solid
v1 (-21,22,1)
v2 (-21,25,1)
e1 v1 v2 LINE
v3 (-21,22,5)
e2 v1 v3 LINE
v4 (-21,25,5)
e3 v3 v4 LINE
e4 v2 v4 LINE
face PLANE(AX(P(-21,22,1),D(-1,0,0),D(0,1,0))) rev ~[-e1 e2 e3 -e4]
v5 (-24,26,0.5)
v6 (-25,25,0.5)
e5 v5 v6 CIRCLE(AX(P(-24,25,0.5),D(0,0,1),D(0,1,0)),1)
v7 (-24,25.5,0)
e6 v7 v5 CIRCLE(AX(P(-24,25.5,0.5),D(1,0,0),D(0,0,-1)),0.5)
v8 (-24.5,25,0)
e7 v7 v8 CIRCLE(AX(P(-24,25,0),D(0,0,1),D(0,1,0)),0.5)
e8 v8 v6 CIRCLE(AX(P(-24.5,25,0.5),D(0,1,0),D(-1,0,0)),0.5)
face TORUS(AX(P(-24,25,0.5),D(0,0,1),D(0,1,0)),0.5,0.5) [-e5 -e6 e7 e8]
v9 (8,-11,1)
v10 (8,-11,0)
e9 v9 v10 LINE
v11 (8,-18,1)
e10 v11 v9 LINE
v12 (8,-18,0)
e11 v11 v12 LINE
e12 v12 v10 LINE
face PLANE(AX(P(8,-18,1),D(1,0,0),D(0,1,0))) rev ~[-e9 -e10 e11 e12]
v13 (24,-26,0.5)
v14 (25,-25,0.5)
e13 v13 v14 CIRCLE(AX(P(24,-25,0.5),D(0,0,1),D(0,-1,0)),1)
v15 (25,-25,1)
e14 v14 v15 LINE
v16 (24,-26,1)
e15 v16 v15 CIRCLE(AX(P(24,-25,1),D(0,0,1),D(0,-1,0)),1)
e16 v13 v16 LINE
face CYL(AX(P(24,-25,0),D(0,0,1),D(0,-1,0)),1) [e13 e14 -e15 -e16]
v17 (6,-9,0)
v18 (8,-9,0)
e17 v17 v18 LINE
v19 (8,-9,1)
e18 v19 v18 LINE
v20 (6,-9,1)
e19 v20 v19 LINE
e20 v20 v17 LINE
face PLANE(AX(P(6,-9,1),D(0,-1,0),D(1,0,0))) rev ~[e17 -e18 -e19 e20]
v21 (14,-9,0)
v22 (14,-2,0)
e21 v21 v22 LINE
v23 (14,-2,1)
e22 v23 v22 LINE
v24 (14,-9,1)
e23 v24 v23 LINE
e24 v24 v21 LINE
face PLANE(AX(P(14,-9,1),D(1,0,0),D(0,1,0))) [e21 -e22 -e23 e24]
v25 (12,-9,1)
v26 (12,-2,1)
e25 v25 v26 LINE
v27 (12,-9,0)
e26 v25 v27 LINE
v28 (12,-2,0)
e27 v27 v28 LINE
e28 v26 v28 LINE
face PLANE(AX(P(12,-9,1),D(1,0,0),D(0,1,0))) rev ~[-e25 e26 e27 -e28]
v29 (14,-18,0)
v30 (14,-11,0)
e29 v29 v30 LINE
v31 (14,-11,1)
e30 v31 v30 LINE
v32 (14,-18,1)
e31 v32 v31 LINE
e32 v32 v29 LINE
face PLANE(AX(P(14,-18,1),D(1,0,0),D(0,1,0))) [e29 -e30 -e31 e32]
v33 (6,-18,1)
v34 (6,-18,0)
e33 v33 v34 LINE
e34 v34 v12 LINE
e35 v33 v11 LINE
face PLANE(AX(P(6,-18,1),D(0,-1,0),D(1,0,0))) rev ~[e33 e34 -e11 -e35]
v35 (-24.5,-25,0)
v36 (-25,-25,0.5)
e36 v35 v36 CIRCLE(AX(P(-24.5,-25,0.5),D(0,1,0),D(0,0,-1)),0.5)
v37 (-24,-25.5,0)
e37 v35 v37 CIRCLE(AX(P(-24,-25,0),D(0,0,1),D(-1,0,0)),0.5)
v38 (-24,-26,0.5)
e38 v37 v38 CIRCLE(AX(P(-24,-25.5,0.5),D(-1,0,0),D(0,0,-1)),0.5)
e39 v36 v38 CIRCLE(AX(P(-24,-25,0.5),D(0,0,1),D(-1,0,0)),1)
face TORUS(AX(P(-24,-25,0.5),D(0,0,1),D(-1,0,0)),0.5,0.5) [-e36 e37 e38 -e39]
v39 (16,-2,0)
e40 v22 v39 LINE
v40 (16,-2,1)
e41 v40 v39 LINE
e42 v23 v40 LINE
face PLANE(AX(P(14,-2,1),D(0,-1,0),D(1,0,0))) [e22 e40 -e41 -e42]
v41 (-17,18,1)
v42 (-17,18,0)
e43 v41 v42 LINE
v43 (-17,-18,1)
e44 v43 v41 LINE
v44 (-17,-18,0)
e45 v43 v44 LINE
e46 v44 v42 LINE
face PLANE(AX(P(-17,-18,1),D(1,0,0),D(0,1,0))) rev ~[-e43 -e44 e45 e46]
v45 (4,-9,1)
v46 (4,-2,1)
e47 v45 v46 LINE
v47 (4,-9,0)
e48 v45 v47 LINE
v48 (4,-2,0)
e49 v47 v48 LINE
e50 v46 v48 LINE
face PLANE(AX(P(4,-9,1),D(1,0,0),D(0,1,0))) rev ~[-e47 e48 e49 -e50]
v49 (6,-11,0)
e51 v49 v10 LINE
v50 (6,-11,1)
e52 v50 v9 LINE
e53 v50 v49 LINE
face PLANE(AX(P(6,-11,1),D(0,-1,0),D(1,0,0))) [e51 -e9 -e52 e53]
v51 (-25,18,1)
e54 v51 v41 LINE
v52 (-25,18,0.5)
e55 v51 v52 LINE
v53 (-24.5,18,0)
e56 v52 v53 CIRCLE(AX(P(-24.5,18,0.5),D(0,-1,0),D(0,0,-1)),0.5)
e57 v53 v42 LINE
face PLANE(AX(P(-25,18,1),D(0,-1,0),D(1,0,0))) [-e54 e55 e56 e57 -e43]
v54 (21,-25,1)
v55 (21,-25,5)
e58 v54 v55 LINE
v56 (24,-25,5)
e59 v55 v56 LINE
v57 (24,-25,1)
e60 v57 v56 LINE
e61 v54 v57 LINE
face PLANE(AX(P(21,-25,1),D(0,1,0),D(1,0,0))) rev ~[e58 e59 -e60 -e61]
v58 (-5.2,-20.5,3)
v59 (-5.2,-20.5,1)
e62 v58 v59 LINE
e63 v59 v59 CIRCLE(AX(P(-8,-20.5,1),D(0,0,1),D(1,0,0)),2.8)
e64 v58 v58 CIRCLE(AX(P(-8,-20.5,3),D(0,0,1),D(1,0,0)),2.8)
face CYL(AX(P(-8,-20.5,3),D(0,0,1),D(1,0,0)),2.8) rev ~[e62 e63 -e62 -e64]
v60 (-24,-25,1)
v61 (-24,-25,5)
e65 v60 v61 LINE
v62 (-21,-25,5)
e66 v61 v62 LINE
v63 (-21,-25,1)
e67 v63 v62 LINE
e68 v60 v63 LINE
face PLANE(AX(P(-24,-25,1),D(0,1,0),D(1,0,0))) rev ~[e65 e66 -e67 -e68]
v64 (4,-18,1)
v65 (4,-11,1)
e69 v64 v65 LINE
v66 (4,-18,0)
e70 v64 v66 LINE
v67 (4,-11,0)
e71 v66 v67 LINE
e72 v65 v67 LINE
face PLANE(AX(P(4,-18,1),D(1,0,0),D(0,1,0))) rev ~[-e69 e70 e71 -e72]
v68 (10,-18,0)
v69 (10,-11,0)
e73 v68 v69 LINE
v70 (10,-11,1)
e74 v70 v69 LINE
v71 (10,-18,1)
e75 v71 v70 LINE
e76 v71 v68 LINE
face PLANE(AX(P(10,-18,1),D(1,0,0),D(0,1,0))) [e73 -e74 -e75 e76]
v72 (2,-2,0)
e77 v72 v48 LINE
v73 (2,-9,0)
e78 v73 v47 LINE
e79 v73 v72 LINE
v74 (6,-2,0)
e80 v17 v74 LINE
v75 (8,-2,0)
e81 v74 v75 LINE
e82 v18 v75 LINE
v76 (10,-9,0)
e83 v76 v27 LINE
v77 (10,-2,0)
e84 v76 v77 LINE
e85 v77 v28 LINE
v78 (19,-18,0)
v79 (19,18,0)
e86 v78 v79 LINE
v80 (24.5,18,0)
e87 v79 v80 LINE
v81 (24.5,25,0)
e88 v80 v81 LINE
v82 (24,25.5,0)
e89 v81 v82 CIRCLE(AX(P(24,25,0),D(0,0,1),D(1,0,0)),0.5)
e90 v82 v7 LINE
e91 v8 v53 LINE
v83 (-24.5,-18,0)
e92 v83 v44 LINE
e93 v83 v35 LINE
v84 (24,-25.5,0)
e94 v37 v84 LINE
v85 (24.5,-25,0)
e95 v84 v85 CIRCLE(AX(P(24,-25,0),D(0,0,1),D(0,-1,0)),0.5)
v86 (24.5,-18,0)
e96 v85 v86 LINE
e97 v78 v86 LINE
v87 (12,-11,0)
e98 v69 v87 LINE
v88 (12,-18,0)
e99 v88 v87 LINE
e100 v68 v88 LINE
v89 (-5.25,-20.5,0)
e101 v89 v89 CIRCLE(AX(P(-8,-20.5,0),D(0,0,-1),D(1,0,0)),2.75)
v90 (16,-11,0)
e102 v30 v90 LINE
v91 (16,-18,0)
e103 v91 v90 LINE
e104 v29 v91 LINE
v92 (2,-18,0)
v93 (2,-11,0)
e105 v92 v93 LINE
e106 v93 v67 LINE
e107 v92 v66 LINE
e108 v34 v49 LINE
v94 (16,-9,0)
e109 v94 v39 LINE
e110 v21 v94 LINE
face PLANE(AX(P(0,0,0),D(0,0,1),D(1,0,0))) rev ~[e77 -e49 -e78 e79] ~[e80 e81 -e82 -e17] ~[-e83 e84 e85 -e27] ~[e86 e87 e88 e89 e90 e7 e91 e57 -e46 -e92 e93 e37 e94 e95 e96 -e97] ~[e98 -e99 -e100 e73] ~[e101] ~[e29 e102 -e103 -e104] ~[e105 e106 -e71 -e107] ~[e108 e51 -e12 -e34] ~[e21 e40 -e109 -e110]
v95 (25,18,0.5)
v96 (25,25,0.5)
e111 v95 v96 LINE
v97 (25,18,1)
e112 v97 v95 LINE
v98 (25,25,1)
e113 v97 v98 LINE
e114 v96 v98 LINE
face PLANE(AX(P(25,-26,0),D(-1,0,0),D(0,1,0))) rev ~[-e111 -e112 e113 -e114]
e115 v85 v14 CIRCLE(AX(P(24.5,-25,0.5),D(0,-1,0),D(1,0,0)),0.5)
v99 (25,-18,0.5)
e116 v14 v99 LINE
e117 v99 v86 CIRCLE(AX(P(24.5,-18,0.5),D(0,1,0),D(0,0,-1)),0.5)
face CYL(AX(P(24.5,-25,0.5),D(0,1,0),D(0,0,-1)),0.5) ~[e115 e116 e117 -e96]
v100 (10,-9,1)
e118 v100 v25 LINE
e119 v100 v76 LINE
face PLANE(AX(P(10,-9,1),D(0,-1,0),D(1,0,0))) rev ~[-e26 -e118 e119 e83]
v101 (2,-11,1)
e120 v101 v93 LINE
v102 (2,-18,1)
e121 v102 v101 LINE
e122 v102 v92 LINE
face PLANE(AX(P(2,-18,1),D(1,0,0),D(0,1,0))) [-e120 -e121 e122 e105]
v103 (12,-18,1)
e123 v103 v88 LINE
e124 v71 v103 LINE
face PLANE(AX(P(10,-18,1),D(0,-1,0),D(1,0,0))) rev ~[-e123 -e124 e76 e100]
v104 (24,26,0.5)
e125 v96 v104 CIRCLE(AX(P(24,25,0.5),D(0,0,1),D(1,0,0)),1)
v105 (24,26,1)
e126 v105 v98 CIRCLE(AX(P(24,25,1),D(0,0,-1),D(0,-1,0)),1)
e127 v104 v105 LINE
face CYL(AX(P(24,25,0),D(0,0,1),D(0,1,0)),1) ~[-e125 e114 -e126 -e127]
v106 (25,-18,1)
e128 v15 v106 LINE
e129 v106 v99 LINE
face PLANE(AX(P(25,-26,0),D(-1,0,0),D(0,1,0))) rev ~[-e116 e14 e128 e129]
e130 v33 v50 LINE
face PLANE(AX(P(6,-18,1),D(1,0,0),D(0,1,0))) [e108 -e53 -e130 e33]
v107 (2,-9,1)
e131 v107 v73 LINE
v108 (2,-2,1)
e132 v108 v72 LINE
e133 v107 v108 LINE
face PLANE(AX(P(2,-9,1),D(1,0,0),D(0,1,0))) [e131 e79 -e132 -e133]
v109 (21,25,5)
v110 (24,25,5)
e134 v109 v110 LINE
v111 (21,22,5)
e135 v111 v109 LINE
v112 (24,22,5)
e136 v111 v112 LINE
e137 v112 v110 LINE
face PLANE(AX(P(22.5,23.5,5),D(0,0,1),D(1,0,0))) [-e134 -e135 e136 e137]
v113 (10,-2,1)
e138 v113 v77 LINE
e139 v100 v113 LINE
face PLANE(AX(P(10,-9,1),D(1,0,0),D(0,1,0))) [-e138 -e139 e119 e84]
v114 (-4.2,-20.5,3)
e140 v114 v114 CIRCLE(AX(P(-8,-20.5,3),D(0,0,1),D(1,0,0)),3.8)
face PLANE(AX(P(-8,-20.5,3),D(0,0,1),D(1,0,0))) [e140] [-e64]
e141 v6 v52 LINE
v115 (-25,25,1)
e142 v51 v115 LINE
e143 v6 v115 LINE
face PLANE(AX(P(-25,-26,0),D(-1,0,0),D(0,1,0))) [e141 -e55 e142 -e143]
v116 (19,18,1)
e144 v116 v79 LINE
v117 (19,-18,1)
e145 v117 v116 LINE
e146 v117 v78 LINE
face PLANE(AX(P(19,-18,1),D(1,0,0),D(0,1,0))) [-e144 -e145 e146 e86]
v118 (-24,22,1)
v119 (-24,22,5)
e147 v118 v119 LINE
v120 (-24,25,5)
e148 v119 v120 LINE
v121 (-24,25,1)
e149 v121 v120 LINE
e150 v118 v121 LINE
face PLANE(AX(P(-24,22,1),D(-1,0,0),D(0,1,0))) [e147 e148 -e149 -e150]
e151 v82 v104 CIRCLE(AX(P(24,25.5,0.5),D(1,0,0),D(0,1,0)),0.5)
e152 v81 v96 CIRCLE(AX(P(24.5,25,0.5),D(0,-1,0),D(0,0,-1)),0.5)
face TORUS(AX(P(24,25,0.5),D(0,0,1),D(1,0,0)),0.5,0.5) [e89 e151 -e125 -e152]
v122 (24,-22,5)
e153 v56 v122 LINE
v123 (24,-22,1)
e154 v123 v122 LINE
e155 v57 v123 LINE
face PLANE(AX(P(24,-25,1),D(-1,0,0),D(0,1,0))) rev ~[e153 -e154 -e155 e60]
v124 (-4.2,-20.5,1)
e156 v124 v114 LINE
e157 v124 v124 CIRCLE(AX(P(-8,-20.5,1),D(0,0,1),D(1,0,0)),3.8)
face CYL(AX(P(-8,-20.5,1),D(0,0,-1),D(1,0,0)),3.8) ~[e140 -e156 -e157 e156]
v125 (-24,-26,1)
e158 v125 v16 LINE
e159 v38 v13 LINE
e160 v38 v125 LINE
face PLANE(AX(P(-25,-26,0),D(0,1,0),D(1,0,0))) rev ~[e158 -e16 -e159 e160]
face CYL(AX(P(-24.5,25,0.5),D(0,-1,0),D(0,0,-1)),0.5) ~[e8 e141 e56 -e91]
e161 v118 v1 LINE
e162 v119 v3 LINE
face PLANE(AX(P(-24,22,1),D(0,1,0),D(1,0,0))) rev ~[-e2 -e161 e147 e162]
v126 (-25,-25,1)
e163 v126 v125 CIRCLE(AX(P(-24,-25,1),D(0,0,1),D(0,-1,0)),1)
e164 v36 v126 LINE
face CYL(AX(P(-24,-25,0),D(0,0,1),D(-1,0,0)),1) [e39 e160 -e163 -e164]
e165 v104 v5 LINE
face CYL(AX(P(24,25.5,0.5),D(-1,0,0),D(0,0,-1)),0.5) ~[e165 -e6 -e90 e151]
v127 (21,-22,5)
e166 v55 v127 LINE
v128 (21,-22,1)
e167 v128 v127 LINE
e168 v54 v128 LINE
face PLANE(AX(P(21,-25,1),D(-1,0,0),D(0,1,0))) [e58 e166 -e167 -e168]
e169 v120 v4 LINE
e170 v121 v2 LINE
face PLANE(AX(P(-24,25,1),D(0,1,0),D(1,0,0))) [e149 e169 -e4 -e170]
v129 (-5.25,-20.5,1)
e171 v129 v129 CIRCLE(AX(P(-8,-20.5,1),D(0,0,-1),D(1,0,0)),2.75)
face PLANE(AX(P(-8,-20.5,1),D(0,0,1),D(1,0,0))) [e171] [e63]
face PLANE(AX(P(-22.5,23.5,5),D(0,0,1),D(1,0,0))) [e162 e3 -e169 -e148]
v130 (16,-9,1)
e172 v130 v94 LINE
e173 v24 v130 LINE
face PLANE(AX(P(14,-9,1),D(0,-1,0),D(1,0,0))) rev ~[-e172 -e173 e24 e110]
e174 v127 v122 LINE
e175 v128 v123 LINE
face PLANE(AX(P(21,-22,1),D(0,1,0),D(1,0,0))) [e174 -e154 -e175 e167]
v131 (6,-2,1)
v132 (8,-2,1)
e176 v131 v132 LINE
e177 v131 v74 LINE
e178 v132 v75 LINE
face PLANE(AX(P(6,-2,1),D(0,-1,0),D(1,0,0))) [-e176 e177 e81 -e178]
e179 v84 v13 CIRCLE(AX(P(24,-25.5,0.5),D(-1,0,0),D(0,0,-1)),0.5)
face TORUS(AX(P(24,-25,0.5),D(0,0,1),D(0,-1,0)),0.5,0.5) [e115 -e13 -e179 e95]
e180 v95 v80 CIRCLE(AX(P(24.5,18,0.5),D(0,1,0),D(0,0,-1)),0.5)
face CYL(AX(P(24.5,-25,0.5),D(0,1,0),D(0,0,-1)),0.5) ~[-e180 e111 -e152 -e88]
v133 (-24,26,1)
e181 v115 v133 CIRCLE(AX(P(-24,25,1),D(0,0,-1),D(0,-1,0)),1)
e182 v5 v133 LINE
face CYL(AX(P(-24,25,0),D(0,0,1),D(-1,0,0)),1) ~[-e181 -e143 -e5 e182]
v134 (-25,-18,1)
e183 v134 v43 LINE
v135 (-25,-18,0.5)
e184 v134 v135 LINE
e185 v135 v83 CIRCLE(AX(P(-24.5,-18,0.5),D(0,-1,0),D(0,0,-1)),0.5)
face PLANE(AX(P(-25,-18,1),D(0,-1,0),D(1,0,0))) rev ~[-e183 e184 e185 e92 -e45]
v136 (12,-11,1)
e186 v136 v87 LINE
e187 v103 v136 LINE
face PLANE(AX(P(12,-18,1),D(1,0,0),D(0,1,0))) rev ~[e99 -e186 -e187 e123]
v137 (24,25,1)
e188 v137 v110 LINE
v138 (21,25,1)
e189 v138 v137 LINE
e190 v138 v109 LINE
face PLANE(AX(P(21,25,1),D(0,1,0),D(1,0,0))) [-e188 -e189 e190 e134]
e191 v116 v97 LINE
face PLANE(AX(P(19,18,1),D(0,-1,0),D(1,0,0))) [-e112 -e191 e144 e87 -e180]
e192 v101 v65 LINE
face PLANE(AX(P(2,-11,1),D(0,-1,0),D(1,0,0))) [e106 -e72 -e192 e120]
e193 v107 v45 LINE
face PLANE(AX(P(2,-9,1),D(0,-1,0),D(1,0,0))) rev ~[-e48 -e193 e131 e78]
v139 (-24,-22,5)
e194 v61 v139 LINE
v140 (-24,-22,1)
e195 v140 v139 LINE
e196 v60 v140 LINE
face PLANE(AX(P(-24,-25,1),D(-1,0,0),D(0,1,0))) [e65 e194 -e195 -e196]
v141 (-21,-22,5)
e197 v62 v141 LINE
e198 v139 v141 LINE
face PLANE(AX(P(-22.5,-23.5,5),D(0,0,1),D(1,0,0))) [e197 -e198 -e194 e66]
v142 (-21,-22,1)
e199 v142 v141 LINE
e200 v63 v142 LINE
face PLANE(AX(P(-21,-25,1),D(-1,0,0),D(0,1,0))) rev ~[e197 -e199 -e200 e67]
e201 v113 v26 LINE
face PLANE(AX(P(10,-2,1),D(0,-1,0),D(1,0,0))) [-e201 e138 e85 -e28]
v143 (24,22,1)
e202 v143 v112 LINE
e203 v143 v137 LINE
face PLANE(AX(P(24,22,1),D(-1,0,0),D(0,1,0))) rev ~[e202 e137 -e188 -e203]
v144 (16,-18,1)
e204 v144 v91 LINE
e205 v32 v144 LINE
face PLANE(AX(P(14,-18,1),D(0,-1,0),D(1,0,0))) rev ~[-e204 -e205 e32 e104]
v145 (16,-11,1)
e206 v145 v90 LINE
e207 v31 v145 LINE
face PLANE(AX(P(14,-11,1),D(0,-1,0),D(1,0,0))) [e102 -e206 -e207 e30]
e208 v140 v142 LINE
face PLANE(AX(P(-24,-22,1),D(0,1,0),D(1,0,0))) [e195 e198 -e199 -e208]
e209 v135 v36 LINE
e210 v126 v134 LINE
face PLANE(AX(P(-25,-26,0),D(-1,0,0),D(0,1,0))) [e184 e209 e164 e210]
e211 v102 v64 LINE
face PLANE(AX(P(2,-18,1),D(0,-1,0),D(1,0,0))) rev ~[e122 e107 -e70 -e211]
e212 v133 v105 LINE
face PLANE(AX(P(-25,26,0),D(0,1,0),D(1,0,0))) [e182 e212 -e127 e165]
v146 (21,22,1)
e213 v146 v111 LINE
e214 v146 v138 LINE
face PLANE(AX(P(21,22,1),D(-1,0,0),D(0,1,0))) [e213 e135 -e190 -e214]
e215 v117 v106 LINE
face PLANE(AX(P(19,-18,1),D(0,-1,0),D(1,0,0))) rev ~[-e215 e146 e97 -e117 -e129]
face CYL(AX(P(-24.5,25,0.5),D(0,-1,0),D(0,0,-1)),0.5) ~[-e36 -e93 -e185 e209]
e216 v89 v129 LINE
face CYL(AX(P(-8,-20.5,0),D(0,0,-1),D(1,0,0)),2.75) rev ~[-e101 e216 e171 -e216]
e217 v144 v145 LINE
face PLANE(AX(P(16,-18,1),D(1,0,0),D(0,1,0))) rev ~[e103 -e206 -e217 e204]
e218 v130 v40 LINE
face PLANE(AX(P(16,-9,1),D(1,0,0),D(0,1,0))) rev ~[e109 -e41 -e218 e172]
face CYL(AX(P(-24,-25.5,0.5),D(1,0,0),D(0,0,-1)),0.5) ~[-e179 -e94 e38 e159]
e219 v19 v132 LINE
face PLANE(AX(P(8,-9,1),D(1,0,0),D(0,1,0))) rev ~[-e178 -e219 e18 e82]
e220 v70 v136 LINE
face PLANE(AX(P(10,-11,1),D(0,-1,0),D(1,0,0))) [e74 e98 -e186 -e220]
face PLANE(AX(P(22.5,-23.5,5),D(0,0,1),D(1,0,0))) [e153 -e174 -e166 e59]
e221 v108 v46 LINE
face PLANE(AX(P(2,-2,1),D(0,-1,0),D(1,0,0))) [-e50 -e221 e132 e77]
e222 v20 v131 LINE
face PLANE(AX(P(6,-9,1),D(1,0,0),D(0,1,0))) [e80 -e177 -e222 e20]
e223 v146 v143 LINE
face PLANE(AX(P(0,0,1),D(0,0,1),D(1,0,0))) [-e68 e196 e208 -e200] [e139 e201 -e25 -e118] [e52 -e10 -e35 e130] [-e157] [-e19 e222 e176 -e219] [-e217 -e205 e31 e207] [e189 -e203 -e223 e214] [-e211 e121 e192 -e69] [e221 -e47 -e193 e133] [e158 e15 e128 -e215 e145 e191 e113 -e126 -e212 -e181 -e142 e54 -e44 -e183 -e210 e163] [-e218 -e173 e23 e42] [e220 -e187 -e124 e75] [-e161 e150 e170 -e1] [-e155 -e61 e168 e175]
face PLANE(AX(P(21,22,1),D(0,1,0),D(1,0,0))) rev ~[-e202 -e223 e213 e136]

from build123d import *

# Parameters (mm, degrees)
SKETCH_W        = 50
SKETCH_H        = 52
PAD_DEPTH       = 1
SKETCH001_W     = 3
SKETCH001_H     = 3
PAD001_DEPTH    = 4
FILLET_R        = 1
FILLET001_R     = 1
FILLET002_R     = 1
FILLET003_R     = 1
SKETCH002_R     = 2.75
POCKET_DEPTH    = 1
SKETCH003_W     = 2
SKETCH003_H     = 7
POCKET001_DEPTH = 1
FILLET004_R     = 0.5
SKETCH004_R     = 3.8
PAD002_DEPTH    = 2
SKETCH005_R     = 2.8
POCKET002_DEPTH = 2
SKETCH006_W     = 8
SKETCH006_H     = 36
POCKET003_DEPTH = 1
SKETCH007_W     = 6
SKETCH007_H     = 36
POCKET004_DEPTH = 1


with BuildPart() as part:
    # Sketch → Pad (new body)
    with BuildSketch(Plane.XY):
        Rectangle(SKETCH_W, SKETCH_H)
    extrude(amount=PAD_DEPTH)

    # Sketch001 (on Face6 of Pad) → Pad001 (join)
    with BuildSketch(Plane.XY.offset(1)):
        with Locations((-22.5, 23.5)):
            Rectangle(SKETCH001_W, SKETCH001_H)
        with Locations((22.5, 23.5)):
            Rectangle(SKETCH001_W, SKETCH001_H)
        with Locations((-22.5, -23.5)):
            Rectangle(SKETCH001_W, SKETCH001_H)
        with Locations((22.5, -23.5)):
            Rectangle(SKETCH001_W, SKETCH001_H)
    extrude(amount=PAD001_DEPTH)

    # Fillet
    fillet_edges = [part.edges().sort_by_distance(p)[0] for p in [
        (-25, -26, 0.5),
    ]]
    fillet(fillet_edges, radius=FILLET_R)

    # Fillet001
    fillet001_edges = [part.edges().sort_by_distance(p)[0] for p in [
        (25, -26, 0.5),
    ]]
    fillet(fillet001_edges, radius=FILLET001_R)

    # Fillet002
    fillet002_edges = [part.edges().sort_by_distance(p)[0] for p in [
        (-25, 26, 0.5),
    ]]
    fillet(fillet002_edges, radius=FILLET002_R)

    # Fillet003
    fillet003_edges = [part.edges().sort_by_distance(p)[0] for p in [
        (25, 26, 0.5),
    ]]
    fillet(fillet003_edges, radius=FILLET003_R)

    # Sketch002 (on Face1 of Fillet003) → Pocket (cut)
    with BuildSketch(Plane(origin=(0, 0, 0), x_dir=(1, 0, 0), z_dir=(0, 0, -1))):
        with Locations((-8, 20.5)):
            Circle(SKETCH002_R)
    extrude(amount=-POCKET_DEPTH, mode=Mode.SUBTRACT)

    # Sketch003 (on Face11 of Pocket) → Pocket001 (cut)
    with BuildSketch(Plane.XY.offset(1)):
        with Locations((15, -14.5)):
            Rectangle(SKETCH003_W, SKETCH003_H)
        with Locations((15, -5.5)):
            Rectangle(SKETCH003_W, SKETCH003_H)
        with Locations((11, -5.5)):
            Rectangle(SKETCH003_W, SKETCH003_H)
        with Locations((11, -14.5)):
            Rectangle(SKETCH003_W, SKETCH003_H)
        with Locations((7, -5.5)):
            Rectangle(SKETCH003_W, SKETCH003_H)
        with Locations((7, -14.5)):
            Rectangle(SKETCH003_W, SKETCH003_H)
        with Locations((3, -5.5)):
            Rectangle(SKETCH003_W, SKETCH003_H)
        with Locations((3, -14.5)):
            Rectangle(SKETCH003_W, SKETCH003_H)
    extrude(amount=-POCKET001_DEPTH, mode=Mode.SUBTRACT)

    # Fillet004
    fillet004_edges = [part.edges().sort_by_distance(p)[0] for p in [
        (0, -26, 0),
        (25, 0, 0),
        (-25, 0, 0),
        (0, 26, 0),
    ]]
    fillet(fillet004_edges, radius=FILLET004_R)

    # Sketch004 (on Face51 of Fillet004) → Pad002 (join)
    with BuildSketch(Plane.XY.offset(1)):
        with Locations((-8, -20.5)):
            Circle(SKETCH004_R)
    extrude(amount=PAD002_DEPTH)

    # Sketch005 (on Face71 of Pad002) → Pocket002 (cut)
    with BuildSketch(Plane.XY.offset(3)):
        with Locations((-8, -20.5)):
            Circle(SKETCH005_R)
    extrude(amount=-POCKET002_DEPTH, mode=Mode.SUBTRACT)

    # Sketch006 (on Face51 of Pocket002) → Pocket003 (cut)
    with BuildSketch(Plane.XY.offset(1)):
        with Locations((-21, 0)):
            Rectangle(SKETCH006_W, SKETCH006_H)
    extrude(amount=-POCKET003_DEPTH, mode=Mode.SUBTRACT)

    # Sketch007 (on Face53 of Pocket003) → Pocket004 (cut)
    with BuildSketch(Plane.XY.offset(1)):
        with Locations((22, 0)):
            Rectangle(SKETCH007_W, SKETCH007_H)
    extrude(amount=-POCKET004_DEPTH, mode=Mode.SUBTRACT)


solid = part.part
